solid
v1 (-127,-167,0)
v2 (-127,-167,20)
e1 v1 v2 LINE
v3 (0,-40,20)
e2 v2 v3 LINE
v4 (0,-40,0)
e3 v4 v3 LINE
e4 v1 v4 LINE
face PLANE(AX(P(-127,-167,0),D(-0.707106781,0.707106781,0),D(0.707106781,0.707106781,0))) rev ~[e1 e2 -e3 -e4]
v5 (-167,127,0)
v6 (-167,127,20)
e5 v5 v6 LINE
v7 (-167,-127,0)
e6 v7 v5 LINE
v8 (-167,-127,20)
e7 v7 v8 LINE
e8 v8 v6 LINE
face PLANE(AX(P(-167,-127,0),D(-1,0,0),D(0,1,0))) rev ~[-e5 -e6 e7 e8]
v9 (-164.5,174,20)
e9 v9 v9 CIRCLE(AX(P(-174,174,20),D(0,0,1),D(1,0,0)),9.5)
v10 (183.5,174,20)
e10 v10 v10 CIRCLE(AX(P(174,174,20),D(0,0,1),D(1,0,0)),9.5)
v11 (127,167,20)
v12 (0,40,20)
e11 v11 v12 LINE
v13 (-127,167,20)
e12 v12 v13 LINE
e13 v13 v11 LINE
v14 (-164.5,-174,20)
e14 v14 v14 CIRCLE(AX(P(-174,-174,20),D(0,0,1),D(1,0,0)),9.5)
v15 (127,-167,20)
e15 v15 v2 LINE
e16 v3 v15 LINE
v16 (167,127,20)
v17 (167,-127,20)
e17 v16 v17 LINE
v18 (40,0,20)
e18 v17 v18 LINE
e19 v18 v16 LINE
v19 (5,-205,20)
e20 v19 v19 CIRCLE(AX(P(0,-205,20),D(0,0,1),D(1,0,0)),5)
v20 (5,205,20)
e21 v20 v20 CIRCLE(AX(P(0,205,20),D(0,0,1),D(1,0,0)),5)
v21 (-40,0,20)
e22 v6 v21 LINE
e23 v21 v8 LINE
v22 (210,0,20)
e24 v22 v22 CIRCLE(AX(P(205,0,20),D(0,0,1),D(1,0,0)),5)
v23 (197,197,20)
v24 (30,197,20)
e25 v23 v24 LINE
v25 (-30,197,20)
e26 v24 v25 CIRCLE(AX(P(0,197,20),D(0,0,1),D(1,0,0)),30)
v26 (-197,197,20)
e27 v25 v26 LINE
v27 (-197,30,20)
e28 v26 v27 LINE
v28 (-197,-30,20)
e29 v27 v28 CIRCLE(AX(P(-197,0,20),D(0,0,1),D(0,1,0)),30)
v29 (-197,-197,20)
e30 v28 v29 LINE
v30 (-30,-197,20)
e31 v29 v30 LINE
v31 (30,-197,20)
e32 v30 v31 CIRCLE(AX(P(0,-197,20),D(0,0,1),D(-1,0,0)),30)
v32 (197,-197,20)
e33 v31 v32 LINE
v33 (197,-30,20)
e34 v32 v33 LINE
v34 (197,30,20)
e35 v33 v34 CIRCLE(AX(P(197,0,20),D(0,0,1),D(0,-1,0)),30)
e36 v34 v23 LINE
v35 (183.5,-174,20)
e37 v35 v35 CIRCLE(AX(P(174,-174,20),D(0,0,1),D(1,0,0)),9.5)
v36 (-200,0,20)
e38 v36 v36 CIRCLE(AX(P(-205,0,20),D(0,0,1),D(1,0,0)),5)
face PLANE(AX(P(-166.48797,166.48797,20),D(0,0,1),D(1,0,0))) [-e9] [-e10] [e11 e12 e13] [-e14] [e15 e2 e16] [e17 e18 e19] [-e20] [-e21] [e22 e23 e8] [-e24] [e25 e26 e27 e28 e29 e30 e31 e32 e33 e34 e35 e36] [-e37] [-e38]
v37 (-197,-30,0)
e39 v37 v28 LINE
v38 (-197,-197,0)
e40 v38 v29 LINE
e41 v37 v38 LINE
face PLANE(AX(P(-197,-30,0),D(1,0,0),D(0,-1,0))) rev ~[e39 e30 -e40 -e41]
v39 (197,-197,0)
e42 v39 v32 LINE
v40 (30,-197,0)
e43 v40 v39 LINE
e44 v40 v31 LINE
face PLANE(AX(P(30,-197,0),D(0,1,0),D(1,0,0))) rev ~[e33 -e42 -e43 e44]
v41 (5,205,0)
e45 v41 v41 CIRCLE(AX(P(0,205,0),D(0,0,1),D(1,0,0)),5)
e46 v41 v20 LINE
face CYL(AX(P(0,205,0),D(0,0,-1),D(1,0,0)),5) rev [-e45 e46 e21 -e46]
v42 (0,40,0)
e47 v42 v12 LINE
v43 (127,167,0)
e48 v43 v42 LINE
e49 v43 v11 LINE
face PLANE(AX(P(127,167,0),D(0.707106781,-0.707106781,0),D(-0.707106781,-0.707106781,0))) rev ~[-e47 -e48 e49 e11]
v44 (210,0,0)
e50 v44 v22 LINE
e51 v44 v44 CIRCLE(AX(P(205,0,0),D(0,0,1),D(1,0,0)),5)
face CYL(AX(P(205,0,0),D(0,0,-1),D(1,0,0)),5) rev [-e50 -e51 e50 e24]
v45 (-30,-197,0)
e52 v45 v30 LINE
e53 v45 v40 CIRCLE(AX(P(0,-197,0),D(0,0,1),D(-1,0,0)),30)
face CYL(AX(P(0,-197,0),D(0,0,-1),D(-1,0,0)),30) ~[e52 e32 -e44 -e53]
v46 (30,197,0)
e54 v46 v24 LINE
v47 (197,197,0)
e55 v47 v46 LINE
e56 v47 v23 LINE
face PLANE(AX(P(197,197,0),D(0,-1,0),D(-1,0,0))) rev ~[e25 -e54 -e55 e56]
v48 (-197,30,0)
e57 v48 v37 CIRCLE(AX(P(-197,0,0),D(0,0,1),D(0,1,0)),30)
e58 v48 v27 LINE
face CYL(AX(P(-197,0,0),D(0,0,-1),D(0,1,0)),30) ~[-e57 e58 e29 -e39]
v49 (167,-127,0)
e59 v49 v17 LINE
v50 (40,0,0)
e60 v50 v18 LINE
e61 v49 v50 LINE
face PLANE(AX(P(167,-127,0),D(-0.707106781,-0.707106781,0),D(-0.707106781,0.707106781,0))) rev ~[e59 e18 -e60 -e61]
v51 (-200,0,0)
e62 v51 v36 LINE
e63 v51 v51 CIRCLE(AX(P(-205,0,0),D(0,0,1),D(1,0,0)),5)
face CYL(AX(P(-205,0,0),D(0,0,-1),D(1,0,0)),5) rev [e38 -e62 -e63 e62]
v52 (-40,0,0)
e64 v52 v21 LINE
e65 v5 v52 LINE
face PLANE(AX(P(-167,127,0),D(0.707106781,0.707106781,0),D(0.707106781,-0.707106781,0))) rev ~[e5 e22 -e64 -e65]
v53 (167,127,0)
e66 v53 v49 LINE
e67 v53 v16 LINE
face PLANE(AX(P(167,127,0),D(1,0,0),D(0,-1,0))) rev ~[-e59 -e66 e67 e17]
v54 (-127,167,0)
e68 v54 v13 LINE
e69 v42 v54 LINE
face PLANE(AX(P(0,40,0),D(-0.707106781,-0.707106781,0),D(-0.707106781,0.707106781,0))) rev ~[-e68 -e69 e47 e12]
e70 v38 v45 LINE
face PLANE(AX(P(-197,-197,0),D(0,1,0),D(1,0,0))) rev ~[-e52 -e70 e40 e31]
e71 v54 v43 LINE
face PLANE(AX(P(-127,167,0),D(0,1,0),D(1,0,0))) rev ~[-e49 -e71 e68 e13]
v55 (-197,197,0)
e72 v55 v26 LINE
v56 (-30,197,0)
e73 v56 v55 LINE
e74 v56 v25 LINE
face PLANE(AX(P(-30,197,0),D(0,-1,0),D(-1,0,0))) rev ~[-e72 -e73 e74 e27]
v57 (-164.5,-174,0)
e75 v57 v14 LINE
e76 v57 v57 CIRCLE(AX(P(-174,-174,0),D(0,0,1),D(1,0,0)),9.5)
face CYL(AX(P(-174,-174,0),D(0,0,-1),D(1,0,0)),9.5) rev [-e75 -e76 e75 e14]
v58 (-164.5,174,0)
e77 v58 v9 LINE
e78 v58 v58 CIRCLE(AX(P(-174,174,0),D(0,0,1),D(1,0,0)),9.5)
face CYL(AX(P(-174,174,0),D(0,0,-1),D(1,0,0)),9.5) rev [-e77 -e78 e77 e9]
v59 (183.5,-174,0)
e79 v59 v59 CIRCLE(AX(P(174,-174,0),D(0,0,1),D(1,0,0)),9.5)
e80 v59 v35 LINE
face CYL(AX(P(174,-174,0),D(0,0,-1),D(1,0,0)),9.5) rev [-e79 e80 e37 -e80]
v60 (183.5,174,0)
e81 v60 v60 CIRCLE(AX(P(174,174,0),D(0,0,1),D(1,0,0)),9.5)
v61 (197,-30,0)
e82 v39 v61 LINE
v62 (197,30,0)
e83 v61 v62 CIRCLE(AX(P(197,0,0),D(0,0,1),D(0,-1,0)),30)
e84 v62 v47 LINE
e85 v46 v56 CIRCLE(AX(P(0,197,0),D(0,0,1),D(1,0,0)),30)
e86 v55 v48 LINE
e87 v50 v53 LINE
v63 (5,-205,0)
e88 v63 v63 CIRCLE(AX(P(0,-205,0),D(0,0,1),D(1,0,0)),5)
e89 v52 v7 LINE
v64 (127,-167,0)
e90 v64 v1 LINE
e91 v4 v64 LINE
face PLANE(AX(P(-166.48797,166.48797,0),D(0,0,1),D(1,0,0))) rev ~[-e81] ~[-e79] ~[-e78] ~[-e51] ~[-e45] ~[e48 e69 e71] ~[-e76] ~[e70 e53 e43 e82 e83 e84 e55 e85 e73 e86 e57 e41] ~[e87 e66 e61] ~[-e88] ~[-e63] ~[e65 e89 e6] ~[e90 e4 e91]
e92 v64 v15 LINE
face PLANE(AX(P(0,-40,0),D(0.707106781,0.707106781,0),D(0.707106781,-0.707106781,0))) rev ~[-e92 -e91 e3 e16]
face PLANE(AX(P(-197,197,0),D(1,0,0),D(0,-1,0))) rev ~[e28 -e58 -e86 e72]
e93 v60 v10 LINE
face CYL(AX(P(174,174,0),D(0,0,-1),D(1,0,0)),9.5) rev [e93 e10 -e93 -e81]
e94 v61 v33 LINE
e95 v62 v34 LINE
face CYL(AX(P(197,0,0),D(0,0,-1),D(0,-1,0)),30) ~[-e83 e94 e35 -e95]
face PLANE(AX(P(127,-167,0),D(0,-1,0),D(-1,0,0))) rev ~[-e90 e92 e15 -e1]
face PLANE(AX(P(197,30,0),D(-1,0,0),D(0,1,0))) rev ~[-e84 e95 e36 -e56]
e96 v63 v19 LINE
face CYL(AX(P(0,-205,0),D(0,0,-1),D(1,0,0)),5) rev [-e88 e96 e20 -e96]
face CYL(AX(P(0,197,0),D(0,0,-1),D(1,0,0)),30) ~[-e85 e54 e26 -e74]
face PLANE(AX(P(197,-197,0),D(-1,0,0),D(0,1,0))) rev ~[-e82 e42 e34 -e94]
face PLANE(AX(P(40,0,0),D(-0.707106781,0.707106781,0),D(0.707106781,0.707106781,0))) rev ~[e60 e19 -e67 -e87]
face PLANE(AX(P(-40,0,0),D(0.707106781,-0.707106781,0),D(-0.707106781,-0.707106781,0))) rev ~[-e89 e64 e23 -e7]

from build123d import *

# Parameters (mm, degrees)
F0_R     = 9.5
F0_R_2   = 5
F1_DEPTH = 20


with BuildPart() as f1:
    # F0 (on Top) → F1 (new body)
    with BuildSketch(Plane.XY):
        Polygon((-197, 127), (-167, 127), (-127, 167), (-127, 197), (-197, 197), align=None)
        with Locations((-174, 174)):
            Circle(F0_R, mode=Mode.SUBTRACT)
        Polygon((-167, -127), (-167, 127), (-197, 127), (-197, 30), (-197, -30), (-197, -127), align=None)
        Polygon((-127, 197), (-127, 167), (127, 167), (127, 197), (30, 197), (-30, 197), align=None)
        Polygon((-127, -167), (-167, -127), (-197, -127), (-197, -197), (-127, -197), align=None)
        with Locations((-174, -174)):
            Circle(F0_R, mode=Mode.SUBTRACT)
        Polygon((127, 197), (127, 167), (167, 127), (197, 127), (197, 197), align=None)
        with Locations((174, 174)):
            Circle(F0_R, mode=Mode.SUBTRACT)
        with BuildLine():
            Line((-197, -30), (-197, 30))
            ThreePointArc((-197, 30), (-227, 0), (-197, -30))
        make_face()
        with Locations((-205, 0)):
            Circle(F0_R_2, mode=Mode.SUBTRACT)
        Polygon((127, -167), (-127, -167), (-127, -197), (-30, -197), (30, -197), (127, -197), align=None)
        with BuildLine():
            ThreePointArc((30, 197), (0, 227), (-30, 197))
            Line((-30, 197), (30, 197))
        make_face()
        with Locations((0, 205)):
            Circle(F0_R_2, mode=Mode.SUBTRACT)
        Polygon((197, 127), (167, 127), (167, -127), (197, -127), (197, -30), (197, 30), align=None)
        Polygon((167, -127), (127, -167), (127, -197), (197, -197), (197, -127), align=None)
        with Locations((174, -174)):
            Circle(F0_R, mode=Mode.SUBTRACT)
        with BuildLine():
            Line((30, -197), (-30, -197))
            ThreePointArc((-30, -197), (0, -227), (30, -197))
        make_face()
        with Locations((0, -205)):
            Circle(F0_R_2, mode=Mode.SUBTRACT)
        with BuildLine():
            ThreePointArc((197, -30), (227, 0), (197, 30))
            Line((197, 30), (197, -30))
        make_face()
        with Locations((205, 0)):
            Circle(F0_R_2, mode=Mode.SUBTRACT)
        Polygon((40, 0), (0, -40), (127, -167), (167, -127), align=None)
        Polygon((-40, 0), (-167, -127), (-127, -167), (0, -40), align=None)
        Polygon((-127, 167), (-167, 127), (-40, 0), (0, 40), align=None)
        Polygon((0, 40), (-40, 0), (0, -40), (40, 0), align=None)
        Polygon((167, 127), (127, 167), (0, 40), (40, 0), align=None)
    extrude(amount=F1_DEPTH)


solid = f1.part
